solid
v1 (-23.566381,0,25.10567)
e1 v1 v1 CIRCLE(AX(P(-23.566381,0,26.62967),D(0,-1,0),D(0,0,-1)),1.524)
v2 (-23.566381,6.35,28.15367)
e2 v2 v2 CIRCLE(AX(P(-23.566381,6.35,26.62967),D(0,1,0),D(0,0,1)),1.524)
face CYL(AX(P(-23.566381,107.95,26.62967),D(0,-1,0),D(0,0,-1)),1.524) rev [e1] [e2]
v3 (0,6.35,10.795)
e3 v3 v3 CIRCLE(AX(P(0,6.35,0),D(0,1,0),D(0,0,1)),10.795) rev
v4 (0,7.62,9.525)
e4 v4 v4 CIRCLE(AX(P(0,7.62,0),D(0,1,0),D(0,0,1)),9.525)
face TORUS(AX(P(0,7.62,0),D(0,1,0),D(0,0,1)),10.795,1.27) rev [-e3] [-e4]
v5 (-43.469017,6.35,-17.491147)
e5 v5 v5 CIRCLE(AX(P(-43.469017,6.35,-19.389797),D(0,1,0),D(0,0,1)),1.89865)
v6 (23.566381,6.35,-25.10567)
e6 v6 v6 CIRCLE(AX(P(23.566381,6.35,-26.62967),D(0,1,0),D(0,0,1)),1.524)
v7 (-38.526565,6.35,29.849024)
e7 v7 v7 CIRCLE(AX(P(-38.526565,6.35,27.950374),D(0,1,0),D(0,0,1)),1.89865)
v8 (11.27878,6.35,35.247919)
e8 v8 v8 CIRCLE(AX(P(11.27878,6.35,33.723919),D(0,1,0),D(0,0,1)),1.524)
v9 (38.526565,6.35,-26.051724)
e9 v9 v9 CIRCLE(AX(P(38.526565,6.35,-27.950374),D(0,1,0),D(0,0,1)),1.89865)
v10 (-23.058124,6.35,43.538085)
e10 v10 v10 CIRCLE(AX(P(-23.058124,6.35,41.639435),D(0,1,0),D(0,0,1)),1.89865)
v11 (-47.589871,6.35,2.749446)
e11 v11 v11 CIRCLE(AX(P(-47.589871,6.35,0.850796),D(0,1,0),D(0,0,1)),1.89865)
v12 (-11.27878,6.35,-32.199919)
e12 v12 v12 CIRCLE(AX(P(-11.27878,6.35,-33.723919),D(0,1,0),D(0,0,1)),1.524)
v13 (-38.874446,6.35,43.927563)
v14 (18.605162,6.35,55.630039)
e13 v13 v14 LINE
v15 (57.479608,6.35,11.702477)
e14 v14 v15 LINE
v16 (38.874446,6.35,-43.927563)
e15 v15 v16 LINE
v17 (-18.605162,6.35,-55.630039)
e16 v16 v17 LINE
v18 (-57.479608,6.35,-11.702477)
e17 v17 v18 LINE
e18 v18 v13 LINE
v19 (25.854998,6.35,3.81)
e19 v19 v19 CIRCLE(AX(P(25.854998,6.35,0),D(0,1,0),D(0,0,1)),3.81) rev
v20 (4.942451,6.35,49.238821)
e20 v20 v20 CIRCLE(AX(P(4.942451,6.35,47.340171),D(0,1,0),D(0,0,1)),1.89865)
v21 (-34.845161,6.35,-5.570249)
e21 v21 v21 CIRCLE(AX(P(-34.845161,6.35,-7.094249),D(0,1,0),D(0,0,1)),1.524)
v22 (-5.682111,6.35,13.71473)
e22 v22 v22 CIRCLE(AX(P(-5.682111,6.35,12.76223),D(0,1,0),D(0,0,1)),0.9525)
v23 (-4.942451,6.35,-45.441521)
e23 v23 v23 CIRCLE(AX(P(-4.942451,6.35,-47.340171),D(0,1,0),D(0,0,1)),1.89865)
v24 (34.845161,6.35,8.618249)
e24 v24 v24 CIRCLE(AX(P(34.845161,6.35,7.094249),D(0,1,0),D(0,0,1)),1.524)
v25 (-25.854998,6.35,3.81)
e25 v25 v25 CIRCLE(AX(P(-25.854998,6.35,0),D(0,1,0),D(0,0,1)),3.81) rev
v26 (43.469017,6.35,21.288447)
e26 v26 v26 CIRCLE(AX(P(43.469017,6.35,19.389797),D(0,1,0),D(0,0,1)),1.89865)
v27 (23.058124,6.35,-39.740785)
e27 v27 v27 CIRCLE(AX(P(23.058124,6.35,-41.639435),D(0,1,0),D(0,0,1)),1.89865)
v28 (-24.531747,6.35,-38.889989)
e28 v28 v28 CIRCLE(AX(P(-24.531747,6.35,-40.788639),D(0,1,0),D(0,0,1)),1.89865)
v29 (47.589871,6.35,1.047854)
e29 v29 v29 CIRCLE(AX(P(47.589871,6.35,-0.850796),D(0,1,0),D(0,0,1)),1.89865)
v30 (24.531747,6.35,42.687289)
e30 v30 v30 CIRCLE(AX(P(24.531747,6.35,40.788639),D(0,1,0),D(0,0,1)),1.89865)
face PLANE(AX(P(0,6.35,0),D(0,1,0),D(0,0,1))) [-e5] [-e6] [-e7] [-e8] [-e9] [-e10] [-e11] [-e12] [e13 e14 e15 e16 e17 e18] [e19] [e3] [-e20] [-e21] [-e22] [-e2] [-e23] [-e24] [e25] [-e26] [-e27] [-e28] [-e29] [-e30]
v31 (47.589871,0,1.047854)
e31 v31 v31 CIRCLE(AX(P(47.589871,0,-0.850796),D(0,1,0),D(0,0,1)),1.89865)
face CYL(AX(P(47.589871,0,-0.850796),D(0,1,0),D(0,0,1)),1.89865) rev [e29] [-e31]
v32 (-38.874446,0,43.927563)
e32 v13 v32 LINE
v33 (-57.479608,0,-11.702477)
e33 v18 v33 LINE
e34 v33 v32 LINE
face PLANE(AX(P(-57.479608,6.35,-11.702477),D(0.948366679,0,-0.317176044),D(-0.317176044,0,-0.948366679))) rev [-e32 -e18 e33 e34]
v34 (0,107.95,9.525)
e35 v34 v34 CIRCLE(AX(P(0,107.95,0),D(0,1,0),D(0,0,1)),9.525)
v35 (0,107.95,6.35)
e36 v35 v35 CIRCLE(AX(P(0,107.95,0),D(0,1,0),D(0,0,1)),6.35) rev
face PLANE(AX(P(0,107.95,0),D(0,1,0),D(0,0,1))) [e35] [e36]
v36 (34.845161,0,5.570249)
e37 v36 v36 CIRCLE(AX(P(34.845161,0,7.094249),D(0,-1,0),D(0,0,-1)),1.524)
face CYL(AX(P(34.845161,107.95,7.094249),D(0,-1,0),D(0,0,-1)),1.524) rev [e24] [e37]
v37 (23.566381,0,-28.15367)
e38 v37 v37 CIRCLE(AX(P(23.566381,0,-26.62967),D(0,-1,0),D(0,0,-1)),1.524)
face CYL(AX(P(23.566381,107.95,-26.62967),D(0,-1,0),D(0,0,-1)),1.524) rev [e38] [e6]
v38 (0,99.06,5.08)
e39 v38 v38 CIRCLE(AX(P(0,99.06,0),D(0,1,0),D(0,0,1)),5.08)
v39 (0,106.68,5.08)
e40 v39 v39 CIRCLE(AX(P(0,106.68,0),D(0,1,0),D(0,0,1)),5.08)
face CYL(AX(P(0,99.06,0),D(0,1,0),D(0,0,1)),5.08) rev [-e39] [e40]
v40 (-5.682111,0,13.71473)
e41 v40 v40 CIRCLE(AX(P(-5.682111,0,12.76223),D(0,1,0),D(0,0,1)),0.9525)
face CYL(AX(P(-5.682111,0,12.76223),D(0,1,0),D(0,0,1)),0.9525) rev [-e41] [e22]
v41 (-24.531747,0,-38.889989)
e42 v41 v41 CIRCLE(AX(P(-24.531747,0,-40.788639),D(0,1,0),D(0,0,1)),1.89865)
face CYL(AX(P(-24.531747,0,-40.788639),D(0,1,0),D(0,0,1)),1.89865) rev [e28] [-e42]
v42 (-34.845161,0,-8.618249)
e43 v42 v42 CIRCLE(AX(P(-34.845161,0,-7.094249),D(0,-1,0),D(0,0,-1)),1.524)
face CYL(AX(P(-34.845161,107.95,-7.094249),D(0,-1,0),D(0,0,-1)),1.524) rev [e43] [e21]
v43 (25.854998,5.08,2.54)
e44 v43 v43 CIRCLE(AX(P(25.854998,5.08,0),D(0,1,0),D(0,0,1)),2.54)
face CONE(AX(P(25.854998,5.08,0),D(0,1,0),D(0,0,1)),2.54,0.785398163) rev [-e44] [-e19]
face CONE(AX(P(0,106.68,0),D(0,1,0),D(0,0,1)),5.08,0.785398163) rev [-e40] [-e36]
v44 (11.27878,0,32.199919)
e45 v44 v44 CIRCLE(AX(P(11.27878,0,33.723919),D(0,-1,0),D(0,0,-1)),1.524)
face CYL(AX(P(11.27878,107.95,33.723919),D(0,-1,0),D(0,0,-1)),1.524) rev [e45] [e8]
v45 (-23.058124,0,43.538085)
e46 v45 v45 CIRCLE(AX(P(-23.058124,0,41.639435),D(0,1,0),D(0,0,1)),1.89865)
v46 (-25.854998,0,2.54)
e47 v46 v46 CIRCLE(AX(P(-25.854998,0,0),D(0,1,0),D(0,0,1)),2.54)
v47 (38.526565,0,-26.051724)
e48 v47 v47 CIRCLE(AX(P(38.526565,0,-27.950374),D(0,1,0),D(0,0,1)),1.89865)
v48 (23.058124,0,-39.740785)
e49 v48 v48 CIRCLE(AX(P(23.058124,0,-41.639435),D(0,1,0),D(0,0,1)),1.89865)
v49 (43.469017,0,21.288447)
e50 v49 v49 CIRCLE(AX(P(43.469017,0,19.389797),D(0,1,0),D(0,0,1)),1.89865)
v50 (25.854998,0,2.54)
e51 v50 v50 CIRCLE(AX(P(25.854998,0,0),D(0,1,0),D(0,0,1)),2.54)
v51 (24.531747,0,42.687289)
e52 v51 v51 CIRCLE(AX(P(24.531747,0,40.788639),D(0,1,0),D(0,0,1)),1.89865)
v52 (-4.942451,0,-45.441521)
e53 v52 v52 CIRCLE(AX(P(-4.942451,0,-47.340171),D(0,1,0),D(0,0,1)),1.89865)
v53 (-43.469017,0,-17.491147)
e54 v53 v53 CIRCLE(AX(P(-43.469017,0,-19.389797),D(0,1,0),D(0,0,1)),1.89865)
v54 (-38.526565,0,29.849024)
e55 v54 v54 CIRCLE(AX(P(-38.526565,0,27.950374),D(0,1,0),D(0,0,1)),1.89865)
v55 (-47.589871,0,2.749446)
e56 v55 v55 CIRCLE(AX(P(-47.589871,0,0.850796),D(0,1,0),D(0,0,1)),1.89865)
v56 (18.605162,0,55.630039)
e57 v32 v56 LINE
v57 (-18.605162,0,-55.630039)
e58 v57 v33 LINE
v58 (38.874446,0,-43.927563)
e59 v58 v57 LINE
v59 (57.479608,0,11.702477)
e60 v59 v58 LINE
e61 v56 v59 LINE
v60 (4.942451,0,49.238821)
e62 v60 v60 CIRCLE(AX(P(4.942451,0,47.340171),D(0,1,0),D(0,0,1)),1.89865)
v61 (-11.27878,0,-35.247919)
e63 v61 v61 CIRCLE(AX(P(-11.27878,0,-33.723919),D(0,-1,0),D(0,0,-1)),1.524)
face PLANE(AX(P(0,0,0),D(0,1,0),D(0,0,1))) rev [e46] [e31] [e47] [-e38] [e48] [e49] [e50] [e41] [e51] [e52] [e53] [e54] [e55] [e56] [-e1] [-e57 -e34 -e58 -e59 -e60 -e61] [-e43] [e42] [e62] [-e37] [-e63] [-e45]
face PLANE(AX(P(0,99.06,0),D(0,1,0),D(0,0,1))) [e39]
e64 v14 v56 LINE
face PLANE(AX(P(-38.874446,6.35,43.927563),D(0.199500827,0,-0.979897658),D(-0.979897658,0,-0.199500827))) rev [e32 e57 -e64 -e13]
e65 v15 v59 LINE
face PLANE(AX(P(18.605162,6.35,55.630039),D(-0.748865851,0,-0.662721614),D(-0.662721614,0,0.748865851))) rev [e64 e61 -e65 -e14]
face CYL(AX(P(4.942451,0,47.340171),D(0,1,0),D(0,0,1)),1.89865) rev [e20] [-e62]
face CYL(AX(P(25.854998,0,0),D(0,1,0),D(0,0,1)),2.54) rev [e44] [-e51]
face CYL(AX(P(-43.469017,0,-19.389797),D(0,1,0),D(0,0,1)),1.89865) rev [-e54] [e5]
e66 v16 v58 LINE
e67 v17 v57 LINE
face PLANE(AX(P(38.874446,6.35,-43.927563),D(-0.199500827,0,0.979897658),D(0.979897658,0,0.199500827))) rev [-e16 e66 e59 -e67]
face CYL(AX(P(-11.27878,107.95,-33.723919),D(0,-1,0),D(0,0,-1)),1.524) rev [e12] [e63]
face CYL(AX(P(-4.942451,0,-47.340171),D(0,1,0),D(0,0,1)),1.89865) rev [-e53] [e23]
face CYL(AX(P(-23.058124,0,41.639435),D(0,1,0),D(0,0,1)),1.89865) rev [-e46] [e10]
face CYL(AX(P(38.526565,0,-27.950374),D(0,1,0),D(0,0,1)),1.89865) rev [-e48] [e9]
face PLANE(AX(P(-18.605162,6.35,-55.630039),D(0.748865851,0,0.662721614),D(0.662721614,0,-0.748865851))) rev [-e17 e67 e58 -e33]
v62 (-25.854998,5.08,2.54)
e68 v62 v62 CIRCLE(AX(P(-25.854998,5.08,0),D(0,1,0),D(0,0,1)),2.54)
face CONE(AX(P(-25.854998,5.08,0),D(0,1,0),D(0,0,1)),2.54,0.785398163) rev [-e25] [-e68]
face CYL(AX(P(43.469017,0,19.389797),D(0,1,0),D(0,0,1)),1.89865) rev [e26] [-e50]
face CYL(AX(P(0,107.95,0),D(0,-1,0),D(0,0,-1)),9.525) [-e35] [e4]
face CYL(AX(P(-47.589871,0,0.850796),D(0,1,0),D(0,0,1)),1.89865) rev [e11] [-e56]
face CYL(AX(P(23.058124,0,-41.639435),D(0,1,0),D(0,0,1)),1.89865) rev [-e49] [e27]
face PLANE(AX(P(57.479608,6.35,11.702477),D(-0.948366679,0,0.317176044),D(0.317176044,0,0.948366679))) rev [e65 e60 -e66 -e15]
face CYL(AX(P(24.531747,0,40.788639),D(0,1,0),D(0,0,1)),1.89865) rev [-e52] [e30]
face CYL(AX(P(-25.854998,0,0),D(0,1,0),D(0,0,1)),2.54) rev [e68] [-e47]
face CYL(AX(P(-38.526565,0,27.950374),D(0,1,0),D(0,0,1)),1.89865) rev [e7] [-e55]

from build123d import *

# Parameters (mm, degrees)
BOSS_EXTRUDE1_DEPTH = 6.35
SKETCH2_R           = 9.525
BOSS_EXTRUDE2_DEPTH = 101.6
FILLET1_R           = 1.27
SKETCH3_R           = 5.08
CUT_EXTRUDE1_DEPTH  = 8.89
CHAMFER1_SIZE       = 1.27
SKETCH9_R           = 0.9525
CUT_EXTRUDE2_DEPTH  = 130.310350126
SKETCH10_R          = 2.54
CUT_EXTRUDE3_DEPTH  = 130.310350126
CHAMFER2_SIZE       = 1.27
SKETCH11_R          = 1.524
CUT_EXTRUDE4_DEPTH  = 135.357021215
SKETCH12_R          = 1.89865
CUT_EXTRUDE5_DEPTH  = 130.310350126


with BuildPart() as part:
    # Sketch1 → Boss-Extrude1 (new body)
    with BuildSketch(Plane(origin=(0, 0, 0), x_dir=(1, 0, 0), z_dir=(0, 1, 0))):
        Polygon((18.605162135, -55.630039325), (57.479608336, -11.702476612), (38.874446201, 43.927562713), (-18.605162135, 55.630039325), (-57.479608336, 11.702476612), (-38.874446201, -43.927562713), align=None)
    extrude(amount=BOSS_EXTRUDE1_DEPTH)

    # Sketch2 → Boss-Extrude2 (add)
    with BuildSketch(Plane(origin=(0, 6.35, 0), x_dir=(1, 0, 0), z_dir=(0, 1, 0))):
        with Locations(Location((0, 0, 0), (0, 0, 270))):
            Circle(SKETCH2_R)
    extrude(amount=BOSS_EXTRUDE2_DEPTH)

    # Fillet1
    fillet1_edges = [part.edges().sort_by_distance(p)[0] for p in [
        (0, 6.35, -9.525),
    ]]
    fillet(fillet1_edges, radius=FILLET1_R)

    # Sketch3 → Cut-Extrude1 (cut)
    with BuildSketch(Plane(origin=(0, 107.95, 0), x_dir=(1, 0, 0), z_dir=(0, 1, 0))):
        with Locations(Location((0, 0, 0), (0, 0, 270))):
            Circle(SKETCH3_R)
    extrude(amount=-CUT_EXTRUDE1_DEPTH, mode=Mode.SUBTRACT)

    # Chamfer1
    chamfer1_edges = [part.edges().sort_by_distance(p)[0] for p in [
        (0, 107.95, -5.08),
    ]]
    chamfer(chamfer1_edges, length=CHAMFER1_SIZE)

    # Sketch9 → Cut-Extrude2 (cut, through all)
    with BuildSketch(Plane(origin=(0, 6.35, 0), x_dir=(1, 0, 0), z_dir=(0, 1, 0))):
        with Locations(Location((-5.682110904, -12.762230043, 0), (0, 0, 270))):
            Circle(SKETCH9_R)
    extrude(amount=-CUT_EXTRUDE2_DEPTH, mode=Mode.SUBTRACT)

    # Sketch10 → Cut-Extrude3 (cut, through all)
    with BuildSketch(Plane(origin=(0, 6.35, 0), x_dir=(1, 0, 0), z_dir=(0, 1, 0))):
        with Locations(Location((-25.854998031, 0, 0), (0, 0, 270))):
            Circle(SKETCH10_R)
        with Locations(Location((25.854998031, 0, 0), (0, 0, 270))):
            Circle(SKETCH10_R)
    extrude(amount=-CUT_EXTRUDE3_DEPTH, mode=Mode.SUBTRACT)

    # Chamfer2
    chamfer2_edges = [part.edges().sort_by_distance(p)[0] for p in [
        (-25.854998031, 6.35, -2.54),
        (25.854998031, 6.35, -2.54),
    ]]
    chamfer(chamfer2_edges, length=CHAMFER2_SIZE)

    # Sketch11 → Cut-Extrude4 (cut, through all)
    with BuildSketch(Plane.XZ):
        with Locations(Location((11.278780135, 33.723919088, 0), (0, 0, 270))):
            Circle(SKETCH11_R)
        with Locations(Location((34.845160713, 7.094249423, 0), (0, 0, 270))):
            Circle(SKETCH11_R)
        with Locations(Location((23.566380578, -26.629669665, 0), (0, 0, 270))):
            Circle(SKETCH11_R)
        with Locations(Location((-11.278780135, -33.723919088, 0), (0, 0, 270))):
            Circle(SKETCH11_R)
        with Locations(Location((-34.845160713, -7.094249423, 0), (0, 0, 270))):
            Circle(SKETCH11_R)
        with Locations(Location((-23.566380578, 26.629669665, 0), (0, 0, 270))):
            Circle(SKETCH11_R)
    extrude(amount=-CUT_EXTRUDE4_DEPTH, mode=Mode.SUBTRACT)

    # Sketch12 → Cut-Extrude5 (cut, through all)
    with BuildSketch(Plane(origin=(0, 6.35, 0), x_dir=(1, 0, 0), z_dir=(0, 1, 0))):
        with Locations(Location((-47.589870854, -0.850796432, 0), (0, 0, 270))):
            Circle(SKETCH12_R)
        with Locations(Location((-38.526565389, -27.95037427, 0), (0, 0, 270))):
            Circle(SKETCH12_R)
        with Locations(Location((-43.469016858, 19.389797212, 0), (0, 0, 270))):
            Circle(SKETCH12_R)
        with Locations(Location((-24.531746751, 40.788638907, 0), (0, 0, 270))):
            Circle(SKETCH12_R)
        with Locations(Location((-4.942451469, 47.340171482, 0), (0, 0, 270))):
            Circle(SKETCH12_R)
        with Locations(Location((23.058124104, 41.639435339, 0), (0, 0, 270))):
            Circle(SKETCH12_R)
        with Locations(Location((38.526565389, 27.95037427, 0), (0, 0, 270))):
            Circle(SKETCH12_R)
        with Locations(Location((47.589870854, 0.850796432, 0), (0, 0, 270))):
            Circle(SKETCH12_R)
        with Locations(Location((43.469016858, -19.389797212, 0), (0, 0, 270))):
            Circle(SKETCH12_R)
        with Locations(Location((24.531746751, -40.788638907, 0), (0, 0, 270))):
            Circle(SKETCH12_R)
        with Locations(Location((4.942451469, -47.340171482, 0), (0, 0, 270))):
            Circle(SKETCH12_R)
        with Locations(Location((-23.058124104, -41.639435339, 0), (0, 0, 270))):
            Circle(SKETCH12_R)
    extrude(amount=-CUT_EXTRUDE5_DEPTH, mode=Mode.SUBTRACT)


solid = part.part
